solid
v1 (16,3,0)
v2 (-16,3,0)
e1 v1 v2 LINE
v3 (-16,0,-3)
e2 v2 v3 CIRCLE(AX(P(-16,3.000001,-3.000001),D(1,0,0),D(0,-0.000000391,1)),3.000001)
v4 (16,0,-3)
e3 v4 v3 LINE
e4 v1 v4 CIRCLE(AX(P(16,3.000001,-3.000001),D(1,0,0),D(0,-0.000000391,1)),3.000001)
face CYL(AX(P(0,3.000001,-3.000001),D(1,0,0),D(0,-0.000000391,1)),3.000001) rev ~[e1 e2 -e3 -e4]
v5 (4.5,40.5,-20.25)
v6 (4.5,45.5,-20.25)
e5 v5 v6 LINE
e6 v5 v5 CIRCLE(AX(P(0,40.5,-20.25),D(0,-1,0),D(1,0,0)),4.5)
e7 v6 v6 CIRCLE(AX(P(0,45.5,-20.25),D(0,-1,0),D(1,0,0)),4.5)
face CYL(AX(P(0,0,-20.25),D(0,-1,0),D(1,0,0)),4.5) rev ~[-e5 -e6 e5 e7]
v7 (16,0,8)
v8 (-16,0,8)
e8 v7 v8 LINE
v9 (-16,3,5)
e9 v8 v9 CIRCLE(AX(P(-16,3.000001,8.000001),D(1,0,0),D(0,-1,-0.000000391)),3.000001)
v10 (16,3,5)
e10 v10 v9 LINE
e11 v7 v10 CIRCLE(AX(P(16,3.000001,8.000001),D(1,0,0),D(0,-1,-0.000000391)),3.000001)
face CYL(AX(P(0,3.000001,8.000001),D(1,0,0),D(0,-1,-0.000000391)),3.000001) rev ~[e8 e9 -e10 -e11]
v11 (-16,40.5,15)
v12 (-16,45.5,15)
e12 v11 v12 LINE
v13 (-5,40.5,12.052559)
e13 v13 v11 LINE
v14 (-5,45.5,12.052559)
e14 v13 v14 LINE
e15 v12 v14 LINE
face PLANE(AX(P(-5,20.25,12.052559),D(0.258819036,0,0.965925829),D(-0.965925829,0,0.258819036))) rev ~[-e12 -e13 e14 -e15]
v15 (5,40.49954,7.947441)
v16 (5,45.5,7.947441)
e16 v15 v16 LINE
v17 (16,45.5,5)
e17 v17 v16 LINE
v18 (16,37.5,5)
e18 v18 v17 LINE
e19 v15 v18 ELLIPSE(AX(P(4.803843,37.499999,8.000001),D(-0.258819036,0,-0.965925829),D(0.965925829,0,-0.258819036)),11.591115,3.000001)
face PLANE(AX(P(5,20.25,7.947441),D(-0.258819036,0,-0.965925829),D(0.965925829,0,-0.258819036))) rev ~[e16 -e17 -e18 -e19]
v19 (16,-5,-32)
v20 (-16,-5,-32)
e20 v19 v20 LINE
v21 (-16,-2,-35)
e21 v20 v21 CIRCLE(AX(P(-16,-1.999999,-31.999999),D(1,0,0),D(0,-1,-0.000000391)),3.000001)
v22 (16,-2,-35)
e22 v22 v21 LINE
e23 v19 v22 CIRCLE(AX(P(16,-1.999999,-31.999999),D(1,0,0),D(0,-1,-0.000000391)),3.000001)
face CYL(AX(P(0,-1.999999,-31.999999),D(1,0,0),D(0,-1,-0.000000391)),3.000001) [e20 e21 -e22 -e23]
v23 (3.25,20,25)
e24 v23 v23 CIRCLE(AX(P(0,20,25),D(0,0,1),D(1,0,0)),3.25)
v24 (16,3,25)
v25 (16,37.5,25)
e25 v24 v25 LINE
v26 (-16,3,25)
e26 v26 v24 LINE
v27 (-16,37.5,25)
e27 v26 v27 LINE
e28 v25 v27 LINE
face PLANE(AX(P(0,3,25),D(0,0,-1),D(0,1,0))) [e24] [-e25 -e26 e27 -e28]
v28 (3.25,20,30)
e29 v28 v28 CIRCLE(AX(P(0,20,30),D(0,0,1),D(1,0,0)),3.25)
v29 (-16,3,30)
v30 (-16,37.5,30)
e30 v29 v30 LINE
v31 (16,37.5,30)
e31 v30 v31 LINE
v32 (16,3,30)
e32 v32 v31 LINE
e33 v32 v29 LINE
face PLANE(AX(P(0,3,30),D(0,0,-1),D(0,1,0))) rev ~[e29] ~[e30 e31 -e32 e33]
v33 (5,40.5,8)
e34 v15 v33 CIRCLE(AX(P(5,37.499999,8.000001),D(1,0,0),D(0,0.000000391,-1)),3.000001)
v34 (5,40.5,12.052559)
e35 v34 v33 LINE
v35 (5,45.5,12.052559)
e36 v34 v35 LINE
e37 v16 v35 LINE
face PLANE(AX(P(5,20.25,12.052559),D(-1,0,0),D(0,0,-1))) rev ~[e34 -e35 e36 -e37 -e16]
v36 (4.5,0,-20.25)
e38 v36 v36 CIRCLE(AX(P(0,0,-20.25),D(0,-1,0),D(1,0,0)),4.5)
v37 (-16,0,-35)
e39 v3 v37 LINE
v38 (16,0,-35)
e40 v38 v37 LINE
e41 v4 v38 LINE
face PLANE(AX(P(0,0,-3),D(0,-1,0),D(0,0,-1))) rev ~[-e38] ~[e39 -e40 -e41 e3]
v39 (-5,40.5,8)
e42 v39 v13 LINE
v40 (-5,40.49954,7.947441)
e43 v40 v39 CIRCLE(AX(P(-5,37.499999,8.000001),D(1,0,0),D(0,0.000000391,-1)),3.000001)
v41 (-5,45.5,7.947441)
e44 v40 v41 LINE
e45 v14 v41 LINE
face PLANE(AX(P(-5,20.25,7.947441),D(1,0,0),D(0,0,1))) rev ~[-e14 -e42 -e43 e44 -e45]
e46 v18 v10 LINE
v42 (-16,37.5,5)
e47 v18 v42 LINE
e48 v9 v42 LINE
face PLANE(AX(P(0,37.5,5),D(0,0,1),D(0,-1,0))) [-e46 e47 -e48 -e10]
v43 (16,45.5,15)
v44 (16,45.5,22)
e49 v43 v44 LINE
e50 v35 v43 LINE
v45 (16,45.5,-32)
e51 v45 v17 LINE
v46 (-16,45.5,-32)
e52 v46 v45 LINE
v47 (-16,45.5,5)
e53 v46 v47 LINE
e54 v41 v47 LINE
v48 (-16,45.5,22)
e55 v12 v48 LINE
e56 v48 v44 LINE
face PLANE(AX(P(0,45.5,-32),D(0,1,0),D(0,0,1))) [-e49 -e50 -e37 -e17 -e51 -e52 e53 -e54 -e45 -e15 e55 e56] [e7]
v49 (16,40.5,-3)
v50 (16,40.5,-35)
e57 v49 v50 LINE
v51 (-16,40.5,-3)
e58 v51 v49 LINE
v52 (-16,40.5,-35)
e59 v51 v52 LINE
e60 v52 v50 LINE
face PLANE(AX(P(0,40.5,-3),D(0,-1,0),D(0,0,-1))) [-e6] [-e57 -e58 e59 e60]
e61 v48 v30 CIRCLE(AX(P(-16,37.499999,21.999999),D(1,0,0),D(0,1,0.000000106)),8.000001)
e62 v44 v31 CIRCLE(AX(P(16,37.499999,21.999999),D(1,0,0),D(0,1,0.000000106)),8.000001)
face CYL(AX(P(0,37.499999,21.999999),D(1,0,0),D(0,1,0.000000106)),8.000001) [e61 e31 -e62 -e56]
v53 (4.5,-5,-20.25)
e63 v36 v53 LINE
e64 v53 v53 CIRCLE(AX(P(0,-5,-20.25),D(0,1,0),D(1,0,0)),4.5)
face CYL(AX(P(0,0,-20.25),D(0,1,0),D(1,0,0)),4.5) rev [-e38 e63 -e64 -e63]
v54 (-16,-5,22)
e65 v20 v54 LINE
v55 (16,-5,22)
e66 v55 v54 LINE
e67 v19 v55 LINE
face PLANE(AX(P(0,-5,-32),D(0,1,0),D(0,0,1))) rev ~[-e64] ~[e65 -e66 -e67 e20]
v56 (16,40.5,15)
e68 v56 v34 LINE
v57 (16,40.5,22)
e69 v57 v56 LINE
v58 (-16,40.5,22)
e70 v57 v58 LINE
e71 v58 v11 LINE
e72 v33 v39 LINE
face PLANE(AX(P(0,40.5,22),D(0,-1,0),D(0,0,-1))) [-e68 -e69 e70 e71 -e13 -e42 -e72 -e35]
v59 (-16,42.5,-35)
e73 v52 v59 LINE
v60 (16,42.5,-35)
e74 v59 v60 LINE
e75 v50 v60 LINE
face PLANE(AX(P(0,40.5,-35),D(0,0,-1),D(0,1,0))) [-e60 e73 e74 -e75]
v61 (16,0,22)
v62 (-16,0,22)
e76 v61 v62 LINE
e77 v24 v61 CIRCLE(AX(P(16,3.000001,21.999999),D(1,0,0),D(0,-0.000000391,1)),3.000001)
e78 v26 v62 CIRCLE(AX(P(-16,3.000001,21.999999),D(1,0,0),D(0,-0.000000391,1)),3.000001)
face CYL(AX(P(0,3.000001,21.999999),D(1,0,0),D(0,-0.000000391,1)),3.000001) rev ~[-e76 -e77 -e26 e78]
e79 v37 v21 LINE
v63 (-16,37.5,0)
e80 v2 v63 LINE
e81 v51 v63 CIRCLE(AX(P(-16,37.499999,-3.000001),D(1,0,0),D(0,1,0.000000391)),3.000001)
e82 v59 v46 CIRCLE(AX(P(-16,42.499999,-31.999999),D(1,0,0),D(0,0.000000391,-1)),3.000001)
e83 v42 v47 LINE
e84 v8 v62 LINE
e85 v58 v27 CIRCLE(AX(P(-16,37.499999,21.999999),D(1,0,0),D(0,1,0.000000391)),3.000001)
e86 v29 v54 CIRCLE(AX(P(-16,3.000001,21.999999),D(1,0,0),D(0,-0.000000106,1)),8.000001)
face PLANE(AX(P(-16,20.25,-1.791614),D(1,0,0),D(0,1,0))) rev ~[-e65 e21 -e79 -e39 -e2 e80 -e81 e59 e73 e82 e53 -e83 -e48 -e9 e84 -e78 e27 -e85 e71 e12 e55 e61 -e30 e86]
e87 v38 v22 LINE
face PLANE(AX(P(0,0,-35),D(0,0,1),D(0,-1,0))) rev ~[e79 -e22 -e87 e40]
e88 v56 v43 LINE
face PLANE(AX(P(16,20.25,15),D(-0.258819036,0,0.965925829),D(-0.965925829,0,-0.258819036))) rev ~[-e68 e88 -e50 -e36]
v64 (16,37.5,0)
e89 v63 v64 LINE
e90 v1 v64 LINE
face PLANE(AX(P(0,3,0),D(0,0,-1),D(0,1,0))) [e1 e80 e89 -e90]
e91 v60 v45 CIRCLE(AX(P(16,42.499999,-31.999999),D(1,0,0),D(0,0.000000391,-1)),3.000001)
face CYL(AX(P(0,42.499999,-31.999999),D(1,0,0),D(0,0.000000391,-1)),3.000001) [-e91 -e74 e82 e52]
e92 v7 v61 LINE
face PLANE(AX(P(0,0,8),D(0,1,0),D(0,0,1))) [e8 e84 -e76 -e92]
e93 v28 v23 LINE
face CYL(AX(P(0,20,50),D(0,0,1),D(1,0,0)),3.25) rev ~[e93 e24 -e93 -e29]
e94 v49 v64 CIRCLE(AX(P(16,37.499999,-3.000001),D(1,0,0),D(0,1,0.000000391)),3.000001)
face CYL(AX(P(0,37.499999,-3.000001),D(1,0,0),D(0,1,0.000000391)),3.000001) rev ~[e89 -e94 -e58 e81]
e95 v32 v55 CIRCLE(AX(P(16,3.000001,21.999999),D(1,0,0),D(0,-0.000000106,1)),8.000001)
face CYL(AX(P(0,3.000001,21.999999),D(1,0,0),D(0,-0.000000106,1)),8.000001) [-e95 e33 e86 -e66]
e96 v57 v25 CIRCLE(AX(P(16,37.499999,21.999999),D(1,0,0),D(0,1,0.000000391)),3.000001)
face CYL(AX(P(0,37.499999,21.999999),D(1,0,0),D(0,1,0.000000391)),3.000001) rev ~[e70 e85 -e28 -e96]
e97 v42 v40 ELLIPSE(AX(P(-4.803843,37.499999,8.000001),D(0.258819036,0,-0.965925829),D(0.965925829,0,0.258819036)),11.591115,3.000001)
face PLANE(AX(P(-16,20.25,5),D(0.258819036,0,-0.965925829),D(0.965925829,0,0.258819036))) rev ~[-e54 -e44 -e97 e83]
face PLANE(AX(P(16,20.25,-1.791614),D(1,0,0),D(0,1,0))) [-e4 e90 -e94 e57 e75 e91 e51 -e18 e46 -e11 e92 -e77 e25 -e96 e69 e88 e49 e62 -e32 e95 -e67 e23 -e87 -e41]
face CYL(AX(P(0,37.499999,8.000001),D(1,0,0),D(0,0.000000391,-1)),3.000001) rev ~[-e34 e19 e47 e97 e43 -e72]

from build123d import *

# Parameters (mm, degrees)
PAD_DEPTH            = 16
SKETCH014_R          = 3.25
POCKET007_DEPTH      = 40
SKETCH015_R          = 4.5
POCKET008_DEPTH      = 45.501
POCKET008_DEPTH_BACK = -5.001
POCKET009_DEPTH      = 25.251


with BuildPart() as part:
    # Sketch → Pad (new body, symmetric)
    with BuildSketch(Plane.YZ):
        with BuildLine():
            Line((3, 0), (37.5, 0))
            ThreePointArc((40.5, -3), (39.62132, -0.87868), (37.5, 0))
            Line((40.5, -3), (40.5, -35))
            Line((40.5, -35), (42.5, -35))
            ThreePointArc((42.5, -35), (44.62132, -34.12132), (45.5, -32))
            Line((45.5, -32), (45.5, 22))
            ThreePointArc((45.5, 22), (43.156854, 27.656854), (37.5, 30))
            Line((3, 30), (37.5, 30))
            ThreePointArc((3, 30), (-2.656854, 27.656854), (-5, 22))
            Line((-5, -32), (-5, 22))
            ThreePointArc((-5, -32), (-4.12132, -34.12132), (-2, -35))
            Line((0, -35), (-2, -35))
            Line((0, -3), (0, -35))
            ThreePointArc((3, 0), (0.87868, -0.87868), (0, -3))
        make_face()
        with BuildLine():
            ThreePointArc((3, 25), (0.87868, 24.12132), (0, 22))
            Line((0, 8), (0, 22))
            ThreePointArc((0, 8), (0.87868, 5.87868), (3, 5))
            Line((37.5, 5), (3, 5))
            ThreePointArc((37.5, 5), (39.62132, 5.87868), (40.5, 8))
            Line((40.5, 22), (40.5, 8))
            ThreePointArc((40.5, 22), (39.62132, 24.12132), (37.5, 25))
            Line((3, 25), (37.5, 25))
        make_face(mode=Mode.SUBTRACT)
    extrude(amount=PAD_DEPTH, both=True)

    # Sketch014 → Pocket007 (cut)
    with BuildSketch(Plane.XY.offset(50)):
        with Locations((0, 20)):
            Circle(SKETCH014_R)
    extrude(amount=-POCKET007_DEPTH, mode=Mode.SUBTRACT)

    # Sketch015 → Pocket008 (cut, two sides)
    with BuildSketch(Plane.XZ) as pocket008_sk:
        with Locations((0, -20.25)):
            Circle(SKETCH015_R)
    extrude(amount=-POCKET008_DEPTH, mode=Mode.SUBTRACT)
    extrude(pocket008_sk.sketch, amount=-POCKET008_DEPTH_BACK, mode=Mode.SUBTRACT)

    # Sketch016 → Pocket009 (cut, through all)
    with BuildSketch(Plane.XZ.offset(-20.25)):
        Polygon((-56, 5), (-16, 5), (-5, 7.947441), (-5, 12.052559), (-16, 15), (-56, 15), align=None)
        Polygon((5, 12.052559), (5, 7.947441), (16, 5), (56, 5), (56, 15), (16, 15), align=None)
    extrude(amount=-POCKET009_DEPTH, mode=Mode.SUBTRACT)


solid = part.part
